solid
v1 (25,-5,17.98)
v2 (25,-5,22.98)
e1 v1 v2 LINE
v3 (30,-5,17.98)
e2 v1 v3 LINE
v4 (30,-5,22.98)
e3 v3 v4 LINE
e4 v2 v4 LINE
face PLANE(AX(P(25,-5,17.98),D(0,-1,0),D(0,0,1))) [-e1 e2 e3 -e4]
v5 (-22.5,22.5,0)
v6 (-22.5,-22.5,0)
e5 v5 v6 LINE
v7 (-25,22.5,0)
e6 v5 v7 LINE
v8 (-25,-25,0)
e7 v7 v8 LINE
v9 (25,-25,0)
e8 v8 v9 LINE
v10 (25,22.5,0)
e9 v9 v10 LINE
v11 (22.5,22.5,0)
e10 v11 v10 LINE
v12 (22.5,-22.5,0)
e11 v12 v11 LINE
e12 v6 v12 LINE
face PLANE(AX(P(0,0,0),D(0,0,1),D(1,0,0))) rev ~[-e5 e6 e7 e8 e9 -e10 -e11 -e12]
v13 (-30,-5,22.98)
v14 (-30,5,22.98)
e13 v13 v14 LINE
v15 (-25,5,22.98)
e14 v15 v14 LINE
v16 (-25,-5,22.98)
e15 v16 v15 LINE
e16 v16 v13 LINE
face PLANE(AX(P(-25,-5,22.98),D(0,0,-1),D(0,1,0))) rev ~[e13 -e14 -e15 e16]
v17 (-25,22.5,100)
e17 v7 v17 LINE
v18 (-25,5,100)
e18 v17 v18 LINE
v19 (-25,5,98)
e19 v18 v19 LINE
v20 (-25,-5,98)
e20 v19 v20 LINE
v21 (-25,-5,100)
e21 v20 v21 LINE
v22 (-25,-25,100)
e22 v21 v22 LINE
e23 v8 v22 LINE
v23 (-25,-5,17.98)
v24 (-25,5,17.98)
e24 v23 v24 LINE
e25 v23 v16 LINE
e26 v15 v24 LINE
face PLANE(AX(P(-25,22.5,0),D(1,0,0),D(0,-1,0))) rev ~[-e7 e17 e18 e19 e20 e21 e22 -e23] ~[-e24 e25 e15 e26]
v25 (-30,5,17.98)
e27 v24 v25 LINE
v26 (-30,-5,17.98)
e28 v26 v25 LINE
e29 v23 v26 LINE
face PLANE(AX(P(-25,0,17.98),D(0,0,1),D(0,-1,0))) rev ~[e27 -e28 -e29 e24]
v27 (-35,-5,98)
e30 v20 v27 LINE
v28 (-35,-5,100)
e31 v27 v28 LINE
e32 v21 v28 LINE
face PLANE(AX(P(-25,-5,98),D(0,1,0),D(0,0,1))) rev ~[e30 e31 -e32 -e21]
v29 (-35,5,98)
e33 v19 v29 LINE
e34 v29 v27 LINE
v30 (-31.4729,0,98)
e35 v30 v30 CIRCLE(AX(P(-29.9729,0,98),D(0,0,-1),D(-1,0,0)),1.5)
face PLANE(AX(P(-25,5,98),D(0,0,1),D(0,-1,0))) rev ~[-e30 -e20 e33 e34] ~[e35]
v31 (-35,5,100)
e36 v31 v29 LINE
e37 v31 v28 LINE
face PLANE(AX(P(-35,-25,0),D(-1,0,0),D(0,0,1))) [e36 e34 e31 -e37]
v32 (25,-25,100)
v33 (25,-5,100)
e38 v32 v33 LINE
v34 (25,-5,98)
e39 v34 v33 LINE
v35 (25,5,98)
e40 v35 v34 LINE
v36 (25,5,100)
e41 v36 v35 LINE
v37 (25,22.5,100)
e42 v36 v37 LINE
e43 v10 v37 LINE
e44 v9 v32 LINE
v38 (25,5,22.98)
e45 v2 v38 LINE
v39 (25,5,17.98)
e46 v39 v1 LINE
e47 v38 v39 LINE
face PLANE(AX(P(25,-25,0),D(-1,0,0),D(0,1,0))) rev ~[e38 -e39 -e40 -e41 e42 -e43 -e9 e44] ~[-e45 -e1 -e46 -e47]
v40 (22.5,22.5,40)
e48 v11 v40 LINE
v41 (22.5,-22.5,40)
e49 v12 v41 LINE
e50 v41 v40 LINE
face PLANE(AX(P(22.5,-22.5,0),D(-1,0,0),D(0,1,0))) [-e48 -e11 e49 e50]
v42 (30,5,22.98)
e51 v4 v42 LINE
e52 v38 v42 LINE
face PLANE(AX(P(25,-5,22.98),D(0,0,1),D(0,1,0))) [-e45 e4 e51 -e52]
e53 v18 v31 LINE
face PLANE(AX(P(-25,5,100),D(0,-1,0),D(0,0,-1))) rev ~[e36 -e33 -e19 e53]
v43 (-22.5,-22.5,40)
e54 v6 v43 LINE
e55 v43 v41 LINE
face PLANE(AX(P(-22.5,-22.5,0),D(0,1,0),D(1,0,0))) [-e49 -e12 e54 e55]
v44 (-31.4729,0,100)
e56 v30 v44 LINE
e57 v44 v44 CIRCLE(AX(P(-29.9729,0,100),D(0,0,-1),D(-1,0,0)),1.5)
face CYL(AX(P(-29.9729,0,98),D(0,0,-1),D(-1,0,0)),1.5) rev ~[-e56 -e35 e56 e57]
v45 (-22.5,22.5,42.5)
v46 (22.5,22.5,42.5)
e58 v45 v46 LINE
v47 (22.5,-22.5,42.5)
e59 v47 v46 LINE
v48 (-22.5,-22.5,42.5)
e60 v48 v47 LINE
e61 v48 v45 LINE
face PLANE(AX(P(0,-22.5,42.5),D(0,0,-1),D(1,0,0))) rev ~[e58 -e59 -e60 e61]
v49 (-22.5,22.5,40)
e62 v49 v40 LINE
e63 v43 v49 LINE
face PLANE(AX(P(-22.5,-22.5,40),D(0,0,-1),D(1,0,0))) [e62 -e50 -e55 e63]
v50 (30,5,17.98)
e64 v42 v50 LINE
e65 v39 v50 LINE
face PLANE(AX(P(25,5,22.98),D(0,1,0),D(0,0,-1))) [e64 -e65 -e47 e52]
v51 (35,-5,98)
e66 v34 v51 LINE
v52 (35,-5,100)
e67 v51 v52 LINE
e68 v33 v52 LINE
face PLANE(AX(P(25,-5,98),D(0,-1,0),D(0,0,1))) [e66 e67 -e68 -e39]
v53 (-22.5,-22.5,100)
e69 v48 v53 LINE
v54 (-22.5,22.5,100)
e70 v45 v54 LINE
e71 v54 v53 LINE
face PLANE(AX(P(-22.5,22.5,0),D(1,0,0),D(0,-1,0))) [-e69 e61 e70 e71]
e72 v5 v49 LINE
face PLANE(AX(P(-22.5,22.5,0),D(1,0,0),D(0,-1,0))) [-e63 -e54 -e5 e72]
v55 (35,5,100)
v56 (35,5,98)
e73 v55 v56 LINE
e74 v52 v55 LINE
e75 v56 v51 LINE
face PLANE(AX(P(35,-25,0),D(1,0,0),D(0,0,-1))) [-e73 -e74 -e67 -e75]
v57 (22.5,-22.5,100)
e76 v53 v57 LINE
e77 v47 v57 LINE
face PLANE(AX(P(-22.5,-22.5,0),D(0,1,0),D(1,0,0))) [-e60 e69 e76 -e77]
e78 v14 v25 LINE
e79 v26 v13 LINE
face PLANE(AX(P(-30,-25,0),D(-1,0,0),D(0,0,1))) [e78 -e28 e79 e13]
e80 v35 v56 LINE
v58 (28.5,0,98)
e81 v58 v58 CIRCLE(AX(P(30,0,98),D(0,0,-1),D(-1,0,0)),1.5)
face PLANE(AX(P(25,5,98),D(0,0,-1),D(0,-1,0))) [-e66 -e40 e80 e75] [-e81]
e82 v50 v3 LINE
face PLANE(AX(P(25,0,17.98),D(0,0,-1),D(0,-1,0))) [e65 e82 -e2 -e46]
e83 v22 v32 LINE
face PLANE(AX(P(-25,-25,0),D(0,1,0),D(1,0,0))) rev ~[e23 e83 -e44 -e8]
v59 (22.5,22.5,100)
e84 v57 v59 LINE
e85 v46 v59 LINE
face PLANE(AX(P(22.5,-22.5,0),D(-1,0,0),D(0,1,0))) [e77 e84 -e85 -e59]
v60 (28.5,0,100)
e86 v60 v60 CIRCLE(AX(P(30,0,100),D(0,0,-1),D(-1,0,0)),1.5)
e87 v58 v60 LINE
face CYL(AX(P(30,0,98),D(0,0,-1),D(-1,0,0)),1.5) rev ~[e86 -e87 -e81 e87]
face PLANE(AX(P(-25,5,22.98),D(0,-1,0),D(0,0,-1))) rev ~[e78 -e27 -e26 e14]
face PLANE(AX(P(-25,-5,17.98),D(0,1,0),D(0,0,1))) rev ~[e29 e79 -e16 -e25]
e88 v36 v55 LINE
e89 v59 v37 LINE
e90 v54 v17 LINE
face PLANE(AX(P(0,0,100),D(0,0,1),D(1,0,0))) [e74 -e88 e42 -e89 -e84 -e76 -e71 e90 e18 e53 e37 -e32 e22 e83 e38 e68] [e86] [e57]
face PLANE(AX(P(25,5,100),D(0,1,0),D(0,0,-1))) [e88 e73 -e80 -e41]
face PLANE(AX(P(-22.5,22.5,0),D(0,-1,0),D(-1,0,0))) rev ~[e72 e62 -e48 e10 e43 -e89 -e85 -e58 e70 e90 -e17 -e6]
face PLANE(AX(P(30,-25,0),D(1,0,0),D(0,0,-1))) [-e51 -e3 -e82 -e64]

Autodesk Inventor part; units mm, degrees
ref_plane "YZ Plane" through (0, 0, 0) normal (1, 0, 0) x (0, 1, 0)
ref_plane "XZ Plane" through (0, 0, 0) normal (0, 1, 0) x (-1, 0, 0)
ref_plane "XY Plane" through (0, 0, 0) normal (0, 0, 1) x (1, 0, 0)
sketch "Boceto1" plane through (0, 0, 0) normal (0, 0, 1) x (1, 0, 0)
  line L0 (-22.5, 22.5) -> (-22.5, -22.5)
  line L1 (-22.5, -22.5) -> (22.5, -22.5)
  line L2 (22.5, -22.5) -> (22.5, 22.5)
  line L3 (-25, 22.5) -> (-25, -25)
  line L4 (-25, -25) -> (25, -25)
  line L5 (25, -25) -> (25, 22.5)
  line L6 (22.5, 22.5) -> (25, 22.5)
  line L7 (-22.5, 22.5) -> (-25, 22.5)
extrude "Extrusión1" add sketch "Boceto1" along normal blind 100
sketch "Boceto2" plane through (-22.5, -22.5, 0) normal (0, 1, 0) x (1, 0, 0)
  line L0 (-2.5, -100) -> (47.5, -100) projected
  line L1 (22.5, -40) -> (45, -40)
  line L2 (45, 0) -> (45, -100) projected
  line L3 (0, 0) -> (0, -100) projected
  line L4 (0, -40) -> (22.5, -40)
  line L5 (22.5, -42.5) -> (45, -42.5)
  line L6 (22.5, -42.5) -> (0, -42.5)
  line L7 (45, -40) -> (45, -42.5)
  line L8 (0, -40) -> (0, -42.5)
  point P0 (22.5, 0)
  dimension "d10" = 2.5
extrude "Extrusión2" add sketch "Boceto2" along normal blind 45 contours L3 L4 L1 L2 L5 L6
sketch "Boceto3" plane through (25, -25, 0) normal (1, 0, 0) x (0, 0, -1)
  line L0 (-100, 2.5) -> (-100, 47.5) projected
  line L1 (-100, 25) -> (-100, 20)
  line L2 (-100, 25) -> (-100, 30)
  line L3 (-100, 30) -> (-98, 30)
  line L4 (-98, 30) -> (-98, 20)
  line L5 (-98, 20) -> (-100, 20)
  point P0 (0, 25)
  dimension "d13" = 5
  dimension "d14" = 5
  dimension "d15" = 2
sketch "Boceto4" plane through (-25, -25, 0) normal (-1, 0, 0) x (0, 0, 1)
  line L0 (100, 2.5) -> (100, 47.5) projected
  line L1 (100, 25) -> (100, 20)
  line L2 (100, 25) -> (100, 30)
  line L3 (100, 30) -> (98, 30)
  line L4 (98, 30) -> (98, 20)
  line L5 (98, 20) -> (100, 20)
  point P0 (0, 25)
  dimension "d16" = 5
  dimension "d17" = 5
  dimension "d18" = 2
extrude "Extrusión3" add sketch "Boceto4" along normal blind 10
extrude "Extrusión4" add sketch "Boceto3" along normal blind 10
sketch "Boceto5" plane through (25, -5, 98) normal (0, 0, -1) x (-1, 0, 0)
  line L0 (0, 0) -> (-10, 0) projected
  line L1 (0, 10) -> (0, 27.5) projected
  line L2 (0, 10) -> (-10, 10)
  line L3 (50, 0) -> (50, -20) projected
  line L4 (50, 0) -> (59.9457, 0)
  line L5 (50, 27.5) -> (50, 10) projected
  circle A0 centre (-5, 5) radius 1.5
  circle A1 centre (54.9729, 5) radius 1.5
  point P0 (25, 5)
  dimension "d23" = 3
  dimension "d24" = 3
extrude "Extrusión5" cut sketch "Boceto5" against normal through all
sketch "Boceto7" plane through (25, -25, 0) normal (1, 0, 0) x (0, 0, -1)
  line L0 (-17.98, 25) -> (-17.98, 30)
  line L1 (-17.98, 30) -> (-17.98, 25)
  line L2 (-17.98, 25) -> (-17.98, 20)
  line L3 (-17.98, 20) -> (-22.98, 20)
  line L4 (-22.98, 20) -> (-22.98, 30)
  line L5 (-22.98, 30) -> (-17.98, 30)
  point P0 (0, 25)
  dimension "d27" = 17.98
  dimension "d28" = 5
  dimension "d29" = 5
  dimension "d30" = 5
sketch "Boceto8" plane through (-25, -25, 0) normal (-1, 0, 0) x (0, 0, 1)
  line L0 (0, 25) -> (17.98, 25)
  line L1 (17.98, 25) -> (17.98, 20)
  line L2 (17.98, 20) -> (22.98, 20)
  line L3 (22.98, 20) -> (22.98, 30)
  line L4 (22.98, 30) -> (17.98, 30)
  line L5 (17.98, 30) -> (17.98, 25)
  dimension "d31" = 17.98
  dimension "d32" = 5
  dimension "d33" = 5
  dimension "d34" = 10
  dimension "d35" = 5
  dimension "d36" = 5
extrude "Extrusión6" add sketch "Boceto8" along normal blind 5
extrude "Extrusión7" add sketch "Boceto7" along normal blind 5
properties part number "Torre Motor" material "Plástico ABS"
